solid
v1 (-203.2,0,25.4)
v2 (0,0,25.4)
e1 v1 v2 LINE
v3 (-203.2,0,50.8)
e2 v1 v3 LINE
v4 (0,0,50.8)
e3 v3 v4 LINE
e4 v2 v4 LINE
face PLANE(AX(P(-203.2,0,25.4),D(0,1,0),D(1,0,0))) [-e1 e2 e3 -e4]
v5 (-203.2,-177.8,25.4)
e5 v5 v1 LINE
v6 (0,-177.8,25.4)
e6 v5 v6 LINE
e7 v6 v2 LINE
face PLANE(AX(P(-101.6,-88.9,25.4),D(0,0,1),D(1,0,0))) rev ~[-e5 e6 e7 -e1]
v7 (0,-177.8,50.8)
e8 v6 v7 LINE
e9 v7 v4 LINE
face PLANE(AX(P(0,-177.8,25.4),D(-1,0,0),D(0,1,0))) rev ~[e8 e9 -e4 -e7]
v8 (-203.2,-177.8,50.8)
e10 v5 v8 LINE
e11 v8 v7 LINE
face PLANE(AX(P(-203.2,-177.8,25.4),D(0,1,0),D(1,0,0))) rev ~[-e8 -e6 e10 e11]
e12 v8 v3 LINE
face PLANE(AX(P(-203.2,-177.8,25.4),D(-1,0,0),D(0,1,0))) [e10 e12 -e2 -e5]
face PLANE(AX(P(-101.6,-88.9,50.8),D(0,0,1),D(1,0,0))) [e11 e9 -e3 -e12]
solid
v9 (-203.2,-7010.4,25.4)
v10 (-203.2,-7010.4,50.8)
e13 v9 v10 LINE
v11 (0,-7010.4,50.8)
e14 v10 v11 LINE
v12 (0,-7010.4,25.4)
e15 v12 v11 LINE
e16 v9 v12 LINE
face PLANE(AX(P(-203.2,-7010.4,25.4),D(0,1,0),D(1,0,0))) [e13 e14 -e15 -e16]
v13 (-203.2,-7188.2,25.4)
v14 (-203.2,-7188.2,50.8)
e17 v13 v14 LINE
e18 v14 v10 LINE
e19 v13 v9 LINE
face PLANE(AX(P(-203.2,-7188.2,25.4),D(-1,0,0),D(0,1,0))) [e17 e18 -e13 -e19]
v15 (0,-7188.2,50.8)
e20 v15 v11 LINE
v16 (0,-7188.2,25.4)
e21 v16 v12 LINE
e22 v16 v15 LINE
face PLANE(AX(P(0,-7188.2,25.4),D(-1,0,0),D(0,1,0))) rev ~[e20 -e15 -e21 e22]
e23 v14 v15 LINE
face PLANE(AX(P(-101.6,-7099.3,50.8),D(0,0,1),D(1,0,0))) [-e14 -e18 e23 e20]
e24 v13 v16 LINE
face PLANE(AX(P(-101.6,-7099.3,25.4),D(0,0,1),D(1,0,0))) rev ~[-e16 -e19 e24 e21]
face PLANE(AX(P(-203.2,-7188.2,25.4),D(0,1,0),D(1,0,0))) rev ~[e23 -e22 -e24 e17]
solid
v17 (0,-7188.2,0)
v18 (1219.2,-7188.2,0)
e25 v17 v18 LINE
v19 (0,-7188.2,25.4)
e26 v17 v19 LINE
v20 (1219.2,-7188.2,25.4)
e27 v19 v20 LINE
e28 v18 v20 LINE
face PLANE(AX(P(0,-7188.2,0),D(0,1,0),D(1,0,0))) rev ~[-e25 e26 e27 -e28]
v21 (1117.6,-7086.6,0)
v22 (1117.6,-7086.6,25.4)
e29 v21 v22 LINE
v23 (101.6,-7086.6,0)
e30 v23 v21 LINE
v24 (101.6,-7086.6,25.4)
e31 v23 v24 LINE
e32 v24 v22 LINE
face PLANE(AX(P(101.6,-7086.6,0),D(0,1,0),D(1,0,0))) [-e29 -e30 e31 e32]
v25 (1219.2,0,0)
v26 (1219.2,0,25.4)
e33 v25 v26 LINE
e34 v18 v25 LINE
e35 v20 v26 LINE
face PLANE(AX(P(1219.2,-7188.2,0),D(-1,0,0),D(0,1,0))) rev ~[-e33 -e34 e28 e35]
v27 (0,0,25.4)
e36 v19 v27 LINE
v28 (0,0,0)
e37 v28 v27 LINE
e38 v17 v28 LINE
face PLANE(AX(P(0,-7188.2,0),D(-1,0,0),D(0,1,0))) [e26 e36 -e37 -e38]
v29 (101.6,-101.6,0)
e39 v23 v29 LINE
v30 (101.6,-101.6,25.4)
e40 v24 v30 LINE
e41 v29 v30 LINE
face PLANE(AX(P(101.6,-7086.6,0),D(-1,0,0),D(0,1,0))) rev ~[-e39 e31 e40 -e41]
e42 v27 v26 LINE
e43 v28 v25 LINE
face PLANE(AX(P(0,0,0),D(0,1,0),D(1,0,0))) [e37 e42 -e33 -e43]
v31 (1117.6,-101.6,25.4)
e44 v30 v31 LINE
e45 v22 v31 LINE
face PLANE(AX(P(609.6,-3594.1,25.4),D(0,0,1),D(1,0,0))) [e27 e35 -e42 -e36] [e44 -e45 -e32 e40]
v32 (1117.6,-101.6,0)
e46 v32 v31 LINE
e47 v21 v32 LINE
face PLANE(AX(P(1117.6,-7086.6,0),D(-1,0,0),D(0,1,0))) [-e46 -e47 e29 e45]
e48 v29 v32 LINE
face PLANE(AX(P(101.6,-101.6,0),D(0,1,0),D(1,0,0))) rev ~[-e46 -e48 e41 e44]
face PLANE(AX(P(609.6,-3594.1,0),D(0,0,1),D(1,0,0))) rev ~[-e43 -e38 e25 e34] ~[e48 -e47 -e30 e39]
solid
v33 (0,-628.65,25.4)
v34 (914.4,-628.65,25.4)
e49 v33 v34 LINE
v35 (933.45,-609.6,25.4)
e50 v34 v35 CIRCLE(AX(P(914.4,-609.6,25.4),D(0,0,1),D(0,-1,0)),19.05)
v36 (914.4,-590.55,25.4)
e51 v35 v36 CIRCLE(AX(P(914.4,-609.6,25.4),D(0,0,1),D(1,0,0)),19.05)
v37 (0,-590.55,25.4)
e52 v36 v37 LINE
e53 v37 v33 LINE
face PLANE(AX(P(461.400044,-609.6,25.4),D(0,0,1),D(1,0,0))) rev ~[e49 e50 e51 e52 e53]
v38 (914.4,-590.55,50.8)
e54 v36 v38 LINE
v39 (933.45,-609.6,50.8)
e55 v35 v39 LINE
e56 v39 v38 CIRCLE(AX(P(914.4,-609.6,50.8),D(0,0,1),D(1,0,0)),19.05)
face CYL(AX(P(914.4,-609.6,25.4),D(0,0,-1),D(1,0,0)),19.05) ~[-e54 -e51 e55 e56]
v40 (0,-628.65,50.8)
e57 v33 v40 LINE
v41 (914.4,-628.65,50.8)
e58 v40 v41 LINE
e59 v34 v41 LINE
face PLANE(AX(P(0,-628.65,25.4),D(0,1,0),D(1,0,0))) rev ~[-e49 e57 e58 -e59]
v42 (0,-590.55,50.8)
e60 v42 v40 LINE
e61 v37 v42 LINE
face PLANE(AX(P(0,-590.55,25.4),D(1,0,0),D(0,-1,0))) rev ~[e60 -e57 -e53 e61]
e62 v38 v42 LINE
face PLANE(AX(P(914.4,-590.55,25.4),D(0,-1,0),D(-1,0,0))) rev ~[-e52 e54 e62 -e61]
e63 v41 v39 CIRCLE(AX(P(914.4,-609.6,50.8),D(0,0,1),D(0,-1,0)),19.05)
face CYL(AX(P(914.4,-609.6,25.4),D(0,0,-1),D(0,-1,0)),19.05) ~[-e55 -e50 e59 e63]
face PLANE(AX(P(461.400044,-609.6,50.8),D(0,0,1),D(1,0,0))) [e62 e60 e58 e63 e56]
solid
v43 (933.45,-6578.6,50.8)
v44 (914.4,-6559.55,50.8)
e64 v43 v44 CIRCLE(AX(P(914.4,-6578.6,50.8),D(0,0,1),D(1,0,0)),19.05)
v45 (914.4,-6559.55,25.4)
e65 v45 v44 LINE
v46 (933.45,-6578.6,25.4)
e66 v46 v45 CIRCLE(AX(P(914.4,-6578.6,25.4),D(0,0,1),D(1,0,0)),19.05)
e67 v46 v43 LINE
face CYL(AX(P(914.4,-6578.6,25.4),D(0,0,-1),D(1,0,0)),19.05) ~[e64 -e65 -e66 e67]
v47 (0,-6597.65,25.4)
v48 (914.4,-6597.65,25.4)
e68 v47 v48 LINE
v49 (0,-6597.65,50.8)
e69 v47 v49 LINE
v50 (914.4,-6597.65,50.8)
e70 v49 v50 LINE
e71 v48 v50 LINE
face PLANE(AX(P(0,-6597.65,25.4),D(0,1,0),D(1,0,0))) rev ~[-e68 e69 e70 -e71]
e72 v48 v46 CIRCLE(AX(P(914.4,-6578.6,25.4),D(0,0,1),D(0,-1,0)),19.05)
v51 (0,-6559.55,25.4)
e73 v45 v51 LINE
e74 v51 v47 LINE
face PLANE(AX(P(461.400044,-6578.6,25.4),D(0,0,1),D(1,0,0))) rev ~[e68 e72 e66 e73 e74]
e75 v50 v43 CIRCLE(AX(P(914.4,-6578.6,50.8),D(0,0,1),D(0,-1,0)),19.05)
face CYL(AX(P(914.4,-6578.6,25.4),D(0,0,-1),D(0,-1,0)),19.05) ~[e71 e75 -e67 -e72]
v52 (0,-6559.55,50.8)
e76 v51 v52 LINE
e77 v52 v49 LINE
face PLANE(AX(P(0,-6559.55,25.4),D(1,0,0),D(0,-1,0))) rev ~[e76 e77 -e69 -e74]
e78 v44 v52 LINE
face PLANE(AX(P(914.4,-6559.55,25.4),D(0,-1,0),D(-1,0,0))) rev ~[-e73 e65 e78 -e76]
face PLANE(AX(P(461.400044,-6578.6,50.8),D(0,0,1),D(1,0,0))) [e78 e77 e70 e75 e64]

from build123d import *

# Parameters (mm, degrees)
F0_W     = 1219.2
F0_H     = 7188.2
F0_W_2   = 1016
F0_H_2   = 6985
F1_DEPTH = 25.4
F2_W     = 203.2
F2_H     = 177.8
F3_DEPTH = 25.4


with BuildPart() as f1:
    # F0 (on Top) → F1 (new body)
    with BuildSketch(Plane.XY):
        with Locations((609.6, -3594.1)):
            Rectangle(F0_W, F0_H)
        with Locations((609.6, -3594.1)):
            Rectangle(F0_W_2, F0_H_2, mode=Mode.SUBTRACT)
    extrude(amount=F1_DEPTH)


with BuildPart() as f3:
    # F2 (on face) → F3 (new body)
    with BuildSketch(Plane.XY.offset(25.4)):
        with Locations((-101.6, -88.9)):
            Rectangle(F2_W, F2_H)
    extrude(amount=F3_DEPTH)


with BuildPart() as f3b:
    # F2 (on face) → F3, piece 2 (new body)
    with BuildSketch(Plane.XY.offset(25.4)):
        with Locations((-101.6, -7099.3)):
            Rectangle(F2_W, F2_H)
    extrude(amount=F3_DEPTH)


with BuildPart() as f3c:
    # F2 (on face) → F3, piece 3 (new body)
    with BuildSketch(Plane.XY.offset(25.4)):
        with BuildLine():
            Line((914.4, -590.55), (0, -590.55))
            Line((0, -590.55), (0, -628.65))
            Line((0, -628.65), (914.4, -628.65))
            ThreePointArc((914.4, -628.65), (895.35, -609.6), (914.4, -590.55))
        make_face()
        with BuildLine():
            ThreePointArc((933.45, -609.6), (927.8703841816, -596.1296158184), (914.4, -590.55))
            Line((914.4, -590.55), (914.4, -628.65))
            ThreePointArc((914.4, -628.65), (927.8703841816, -623.0703841816), (933.45, -609.6))
        make_face()
        with BuildLine():
            Line((914.4, -628.65), (914.4, -590.55))
            ThreePointArc((914.4, -590.55), (895.35, -609.6), (914.4, -628.65))
        make_face()
    extrude(amount=F3_DEPTH)


with BuildPart() as f3d:
    # F2 (on face) → F3, piece 4 (new body)
    with BuildSketch(Plane.XY.offset(25.4)):
        with BuildLine():
            Line((914.4, -6559.55), (0, -6559.55))
            Line((0, -6559.55), (0, -6597.65))
            Line((0, -6597.65), (914.4, -6597.65))
            ThreePointArc((914.4, -6597.65), (895.35, -6578.6), (914.4, -6559.55))
        make_face()
        with BuildLine():
            ThreePointArc((933.45, -6578.6), (927.8703841816, -6565.1296158184), (914.4, -6559.55))
            Line((914.4, -6559.55), (914.4, -6597.65))
            ThreePointArc((914.4, -6597.65), (927.8703841816, -6592.0703841816), (933.45, -6578.6))
        make_face()
        with BuildLine():
            Line((914.4, -6597.65), (914.4, -6559.55))
            ThreePointArc((914.4, -6559.55), (895.35, -6578.6), (914.4, -6597.65))
        make_face()
    extrude(amount=F3_DEPTH)


solid = Compound([f1.part, f3.part, f3b.part, f3c.part, f3d.part])
